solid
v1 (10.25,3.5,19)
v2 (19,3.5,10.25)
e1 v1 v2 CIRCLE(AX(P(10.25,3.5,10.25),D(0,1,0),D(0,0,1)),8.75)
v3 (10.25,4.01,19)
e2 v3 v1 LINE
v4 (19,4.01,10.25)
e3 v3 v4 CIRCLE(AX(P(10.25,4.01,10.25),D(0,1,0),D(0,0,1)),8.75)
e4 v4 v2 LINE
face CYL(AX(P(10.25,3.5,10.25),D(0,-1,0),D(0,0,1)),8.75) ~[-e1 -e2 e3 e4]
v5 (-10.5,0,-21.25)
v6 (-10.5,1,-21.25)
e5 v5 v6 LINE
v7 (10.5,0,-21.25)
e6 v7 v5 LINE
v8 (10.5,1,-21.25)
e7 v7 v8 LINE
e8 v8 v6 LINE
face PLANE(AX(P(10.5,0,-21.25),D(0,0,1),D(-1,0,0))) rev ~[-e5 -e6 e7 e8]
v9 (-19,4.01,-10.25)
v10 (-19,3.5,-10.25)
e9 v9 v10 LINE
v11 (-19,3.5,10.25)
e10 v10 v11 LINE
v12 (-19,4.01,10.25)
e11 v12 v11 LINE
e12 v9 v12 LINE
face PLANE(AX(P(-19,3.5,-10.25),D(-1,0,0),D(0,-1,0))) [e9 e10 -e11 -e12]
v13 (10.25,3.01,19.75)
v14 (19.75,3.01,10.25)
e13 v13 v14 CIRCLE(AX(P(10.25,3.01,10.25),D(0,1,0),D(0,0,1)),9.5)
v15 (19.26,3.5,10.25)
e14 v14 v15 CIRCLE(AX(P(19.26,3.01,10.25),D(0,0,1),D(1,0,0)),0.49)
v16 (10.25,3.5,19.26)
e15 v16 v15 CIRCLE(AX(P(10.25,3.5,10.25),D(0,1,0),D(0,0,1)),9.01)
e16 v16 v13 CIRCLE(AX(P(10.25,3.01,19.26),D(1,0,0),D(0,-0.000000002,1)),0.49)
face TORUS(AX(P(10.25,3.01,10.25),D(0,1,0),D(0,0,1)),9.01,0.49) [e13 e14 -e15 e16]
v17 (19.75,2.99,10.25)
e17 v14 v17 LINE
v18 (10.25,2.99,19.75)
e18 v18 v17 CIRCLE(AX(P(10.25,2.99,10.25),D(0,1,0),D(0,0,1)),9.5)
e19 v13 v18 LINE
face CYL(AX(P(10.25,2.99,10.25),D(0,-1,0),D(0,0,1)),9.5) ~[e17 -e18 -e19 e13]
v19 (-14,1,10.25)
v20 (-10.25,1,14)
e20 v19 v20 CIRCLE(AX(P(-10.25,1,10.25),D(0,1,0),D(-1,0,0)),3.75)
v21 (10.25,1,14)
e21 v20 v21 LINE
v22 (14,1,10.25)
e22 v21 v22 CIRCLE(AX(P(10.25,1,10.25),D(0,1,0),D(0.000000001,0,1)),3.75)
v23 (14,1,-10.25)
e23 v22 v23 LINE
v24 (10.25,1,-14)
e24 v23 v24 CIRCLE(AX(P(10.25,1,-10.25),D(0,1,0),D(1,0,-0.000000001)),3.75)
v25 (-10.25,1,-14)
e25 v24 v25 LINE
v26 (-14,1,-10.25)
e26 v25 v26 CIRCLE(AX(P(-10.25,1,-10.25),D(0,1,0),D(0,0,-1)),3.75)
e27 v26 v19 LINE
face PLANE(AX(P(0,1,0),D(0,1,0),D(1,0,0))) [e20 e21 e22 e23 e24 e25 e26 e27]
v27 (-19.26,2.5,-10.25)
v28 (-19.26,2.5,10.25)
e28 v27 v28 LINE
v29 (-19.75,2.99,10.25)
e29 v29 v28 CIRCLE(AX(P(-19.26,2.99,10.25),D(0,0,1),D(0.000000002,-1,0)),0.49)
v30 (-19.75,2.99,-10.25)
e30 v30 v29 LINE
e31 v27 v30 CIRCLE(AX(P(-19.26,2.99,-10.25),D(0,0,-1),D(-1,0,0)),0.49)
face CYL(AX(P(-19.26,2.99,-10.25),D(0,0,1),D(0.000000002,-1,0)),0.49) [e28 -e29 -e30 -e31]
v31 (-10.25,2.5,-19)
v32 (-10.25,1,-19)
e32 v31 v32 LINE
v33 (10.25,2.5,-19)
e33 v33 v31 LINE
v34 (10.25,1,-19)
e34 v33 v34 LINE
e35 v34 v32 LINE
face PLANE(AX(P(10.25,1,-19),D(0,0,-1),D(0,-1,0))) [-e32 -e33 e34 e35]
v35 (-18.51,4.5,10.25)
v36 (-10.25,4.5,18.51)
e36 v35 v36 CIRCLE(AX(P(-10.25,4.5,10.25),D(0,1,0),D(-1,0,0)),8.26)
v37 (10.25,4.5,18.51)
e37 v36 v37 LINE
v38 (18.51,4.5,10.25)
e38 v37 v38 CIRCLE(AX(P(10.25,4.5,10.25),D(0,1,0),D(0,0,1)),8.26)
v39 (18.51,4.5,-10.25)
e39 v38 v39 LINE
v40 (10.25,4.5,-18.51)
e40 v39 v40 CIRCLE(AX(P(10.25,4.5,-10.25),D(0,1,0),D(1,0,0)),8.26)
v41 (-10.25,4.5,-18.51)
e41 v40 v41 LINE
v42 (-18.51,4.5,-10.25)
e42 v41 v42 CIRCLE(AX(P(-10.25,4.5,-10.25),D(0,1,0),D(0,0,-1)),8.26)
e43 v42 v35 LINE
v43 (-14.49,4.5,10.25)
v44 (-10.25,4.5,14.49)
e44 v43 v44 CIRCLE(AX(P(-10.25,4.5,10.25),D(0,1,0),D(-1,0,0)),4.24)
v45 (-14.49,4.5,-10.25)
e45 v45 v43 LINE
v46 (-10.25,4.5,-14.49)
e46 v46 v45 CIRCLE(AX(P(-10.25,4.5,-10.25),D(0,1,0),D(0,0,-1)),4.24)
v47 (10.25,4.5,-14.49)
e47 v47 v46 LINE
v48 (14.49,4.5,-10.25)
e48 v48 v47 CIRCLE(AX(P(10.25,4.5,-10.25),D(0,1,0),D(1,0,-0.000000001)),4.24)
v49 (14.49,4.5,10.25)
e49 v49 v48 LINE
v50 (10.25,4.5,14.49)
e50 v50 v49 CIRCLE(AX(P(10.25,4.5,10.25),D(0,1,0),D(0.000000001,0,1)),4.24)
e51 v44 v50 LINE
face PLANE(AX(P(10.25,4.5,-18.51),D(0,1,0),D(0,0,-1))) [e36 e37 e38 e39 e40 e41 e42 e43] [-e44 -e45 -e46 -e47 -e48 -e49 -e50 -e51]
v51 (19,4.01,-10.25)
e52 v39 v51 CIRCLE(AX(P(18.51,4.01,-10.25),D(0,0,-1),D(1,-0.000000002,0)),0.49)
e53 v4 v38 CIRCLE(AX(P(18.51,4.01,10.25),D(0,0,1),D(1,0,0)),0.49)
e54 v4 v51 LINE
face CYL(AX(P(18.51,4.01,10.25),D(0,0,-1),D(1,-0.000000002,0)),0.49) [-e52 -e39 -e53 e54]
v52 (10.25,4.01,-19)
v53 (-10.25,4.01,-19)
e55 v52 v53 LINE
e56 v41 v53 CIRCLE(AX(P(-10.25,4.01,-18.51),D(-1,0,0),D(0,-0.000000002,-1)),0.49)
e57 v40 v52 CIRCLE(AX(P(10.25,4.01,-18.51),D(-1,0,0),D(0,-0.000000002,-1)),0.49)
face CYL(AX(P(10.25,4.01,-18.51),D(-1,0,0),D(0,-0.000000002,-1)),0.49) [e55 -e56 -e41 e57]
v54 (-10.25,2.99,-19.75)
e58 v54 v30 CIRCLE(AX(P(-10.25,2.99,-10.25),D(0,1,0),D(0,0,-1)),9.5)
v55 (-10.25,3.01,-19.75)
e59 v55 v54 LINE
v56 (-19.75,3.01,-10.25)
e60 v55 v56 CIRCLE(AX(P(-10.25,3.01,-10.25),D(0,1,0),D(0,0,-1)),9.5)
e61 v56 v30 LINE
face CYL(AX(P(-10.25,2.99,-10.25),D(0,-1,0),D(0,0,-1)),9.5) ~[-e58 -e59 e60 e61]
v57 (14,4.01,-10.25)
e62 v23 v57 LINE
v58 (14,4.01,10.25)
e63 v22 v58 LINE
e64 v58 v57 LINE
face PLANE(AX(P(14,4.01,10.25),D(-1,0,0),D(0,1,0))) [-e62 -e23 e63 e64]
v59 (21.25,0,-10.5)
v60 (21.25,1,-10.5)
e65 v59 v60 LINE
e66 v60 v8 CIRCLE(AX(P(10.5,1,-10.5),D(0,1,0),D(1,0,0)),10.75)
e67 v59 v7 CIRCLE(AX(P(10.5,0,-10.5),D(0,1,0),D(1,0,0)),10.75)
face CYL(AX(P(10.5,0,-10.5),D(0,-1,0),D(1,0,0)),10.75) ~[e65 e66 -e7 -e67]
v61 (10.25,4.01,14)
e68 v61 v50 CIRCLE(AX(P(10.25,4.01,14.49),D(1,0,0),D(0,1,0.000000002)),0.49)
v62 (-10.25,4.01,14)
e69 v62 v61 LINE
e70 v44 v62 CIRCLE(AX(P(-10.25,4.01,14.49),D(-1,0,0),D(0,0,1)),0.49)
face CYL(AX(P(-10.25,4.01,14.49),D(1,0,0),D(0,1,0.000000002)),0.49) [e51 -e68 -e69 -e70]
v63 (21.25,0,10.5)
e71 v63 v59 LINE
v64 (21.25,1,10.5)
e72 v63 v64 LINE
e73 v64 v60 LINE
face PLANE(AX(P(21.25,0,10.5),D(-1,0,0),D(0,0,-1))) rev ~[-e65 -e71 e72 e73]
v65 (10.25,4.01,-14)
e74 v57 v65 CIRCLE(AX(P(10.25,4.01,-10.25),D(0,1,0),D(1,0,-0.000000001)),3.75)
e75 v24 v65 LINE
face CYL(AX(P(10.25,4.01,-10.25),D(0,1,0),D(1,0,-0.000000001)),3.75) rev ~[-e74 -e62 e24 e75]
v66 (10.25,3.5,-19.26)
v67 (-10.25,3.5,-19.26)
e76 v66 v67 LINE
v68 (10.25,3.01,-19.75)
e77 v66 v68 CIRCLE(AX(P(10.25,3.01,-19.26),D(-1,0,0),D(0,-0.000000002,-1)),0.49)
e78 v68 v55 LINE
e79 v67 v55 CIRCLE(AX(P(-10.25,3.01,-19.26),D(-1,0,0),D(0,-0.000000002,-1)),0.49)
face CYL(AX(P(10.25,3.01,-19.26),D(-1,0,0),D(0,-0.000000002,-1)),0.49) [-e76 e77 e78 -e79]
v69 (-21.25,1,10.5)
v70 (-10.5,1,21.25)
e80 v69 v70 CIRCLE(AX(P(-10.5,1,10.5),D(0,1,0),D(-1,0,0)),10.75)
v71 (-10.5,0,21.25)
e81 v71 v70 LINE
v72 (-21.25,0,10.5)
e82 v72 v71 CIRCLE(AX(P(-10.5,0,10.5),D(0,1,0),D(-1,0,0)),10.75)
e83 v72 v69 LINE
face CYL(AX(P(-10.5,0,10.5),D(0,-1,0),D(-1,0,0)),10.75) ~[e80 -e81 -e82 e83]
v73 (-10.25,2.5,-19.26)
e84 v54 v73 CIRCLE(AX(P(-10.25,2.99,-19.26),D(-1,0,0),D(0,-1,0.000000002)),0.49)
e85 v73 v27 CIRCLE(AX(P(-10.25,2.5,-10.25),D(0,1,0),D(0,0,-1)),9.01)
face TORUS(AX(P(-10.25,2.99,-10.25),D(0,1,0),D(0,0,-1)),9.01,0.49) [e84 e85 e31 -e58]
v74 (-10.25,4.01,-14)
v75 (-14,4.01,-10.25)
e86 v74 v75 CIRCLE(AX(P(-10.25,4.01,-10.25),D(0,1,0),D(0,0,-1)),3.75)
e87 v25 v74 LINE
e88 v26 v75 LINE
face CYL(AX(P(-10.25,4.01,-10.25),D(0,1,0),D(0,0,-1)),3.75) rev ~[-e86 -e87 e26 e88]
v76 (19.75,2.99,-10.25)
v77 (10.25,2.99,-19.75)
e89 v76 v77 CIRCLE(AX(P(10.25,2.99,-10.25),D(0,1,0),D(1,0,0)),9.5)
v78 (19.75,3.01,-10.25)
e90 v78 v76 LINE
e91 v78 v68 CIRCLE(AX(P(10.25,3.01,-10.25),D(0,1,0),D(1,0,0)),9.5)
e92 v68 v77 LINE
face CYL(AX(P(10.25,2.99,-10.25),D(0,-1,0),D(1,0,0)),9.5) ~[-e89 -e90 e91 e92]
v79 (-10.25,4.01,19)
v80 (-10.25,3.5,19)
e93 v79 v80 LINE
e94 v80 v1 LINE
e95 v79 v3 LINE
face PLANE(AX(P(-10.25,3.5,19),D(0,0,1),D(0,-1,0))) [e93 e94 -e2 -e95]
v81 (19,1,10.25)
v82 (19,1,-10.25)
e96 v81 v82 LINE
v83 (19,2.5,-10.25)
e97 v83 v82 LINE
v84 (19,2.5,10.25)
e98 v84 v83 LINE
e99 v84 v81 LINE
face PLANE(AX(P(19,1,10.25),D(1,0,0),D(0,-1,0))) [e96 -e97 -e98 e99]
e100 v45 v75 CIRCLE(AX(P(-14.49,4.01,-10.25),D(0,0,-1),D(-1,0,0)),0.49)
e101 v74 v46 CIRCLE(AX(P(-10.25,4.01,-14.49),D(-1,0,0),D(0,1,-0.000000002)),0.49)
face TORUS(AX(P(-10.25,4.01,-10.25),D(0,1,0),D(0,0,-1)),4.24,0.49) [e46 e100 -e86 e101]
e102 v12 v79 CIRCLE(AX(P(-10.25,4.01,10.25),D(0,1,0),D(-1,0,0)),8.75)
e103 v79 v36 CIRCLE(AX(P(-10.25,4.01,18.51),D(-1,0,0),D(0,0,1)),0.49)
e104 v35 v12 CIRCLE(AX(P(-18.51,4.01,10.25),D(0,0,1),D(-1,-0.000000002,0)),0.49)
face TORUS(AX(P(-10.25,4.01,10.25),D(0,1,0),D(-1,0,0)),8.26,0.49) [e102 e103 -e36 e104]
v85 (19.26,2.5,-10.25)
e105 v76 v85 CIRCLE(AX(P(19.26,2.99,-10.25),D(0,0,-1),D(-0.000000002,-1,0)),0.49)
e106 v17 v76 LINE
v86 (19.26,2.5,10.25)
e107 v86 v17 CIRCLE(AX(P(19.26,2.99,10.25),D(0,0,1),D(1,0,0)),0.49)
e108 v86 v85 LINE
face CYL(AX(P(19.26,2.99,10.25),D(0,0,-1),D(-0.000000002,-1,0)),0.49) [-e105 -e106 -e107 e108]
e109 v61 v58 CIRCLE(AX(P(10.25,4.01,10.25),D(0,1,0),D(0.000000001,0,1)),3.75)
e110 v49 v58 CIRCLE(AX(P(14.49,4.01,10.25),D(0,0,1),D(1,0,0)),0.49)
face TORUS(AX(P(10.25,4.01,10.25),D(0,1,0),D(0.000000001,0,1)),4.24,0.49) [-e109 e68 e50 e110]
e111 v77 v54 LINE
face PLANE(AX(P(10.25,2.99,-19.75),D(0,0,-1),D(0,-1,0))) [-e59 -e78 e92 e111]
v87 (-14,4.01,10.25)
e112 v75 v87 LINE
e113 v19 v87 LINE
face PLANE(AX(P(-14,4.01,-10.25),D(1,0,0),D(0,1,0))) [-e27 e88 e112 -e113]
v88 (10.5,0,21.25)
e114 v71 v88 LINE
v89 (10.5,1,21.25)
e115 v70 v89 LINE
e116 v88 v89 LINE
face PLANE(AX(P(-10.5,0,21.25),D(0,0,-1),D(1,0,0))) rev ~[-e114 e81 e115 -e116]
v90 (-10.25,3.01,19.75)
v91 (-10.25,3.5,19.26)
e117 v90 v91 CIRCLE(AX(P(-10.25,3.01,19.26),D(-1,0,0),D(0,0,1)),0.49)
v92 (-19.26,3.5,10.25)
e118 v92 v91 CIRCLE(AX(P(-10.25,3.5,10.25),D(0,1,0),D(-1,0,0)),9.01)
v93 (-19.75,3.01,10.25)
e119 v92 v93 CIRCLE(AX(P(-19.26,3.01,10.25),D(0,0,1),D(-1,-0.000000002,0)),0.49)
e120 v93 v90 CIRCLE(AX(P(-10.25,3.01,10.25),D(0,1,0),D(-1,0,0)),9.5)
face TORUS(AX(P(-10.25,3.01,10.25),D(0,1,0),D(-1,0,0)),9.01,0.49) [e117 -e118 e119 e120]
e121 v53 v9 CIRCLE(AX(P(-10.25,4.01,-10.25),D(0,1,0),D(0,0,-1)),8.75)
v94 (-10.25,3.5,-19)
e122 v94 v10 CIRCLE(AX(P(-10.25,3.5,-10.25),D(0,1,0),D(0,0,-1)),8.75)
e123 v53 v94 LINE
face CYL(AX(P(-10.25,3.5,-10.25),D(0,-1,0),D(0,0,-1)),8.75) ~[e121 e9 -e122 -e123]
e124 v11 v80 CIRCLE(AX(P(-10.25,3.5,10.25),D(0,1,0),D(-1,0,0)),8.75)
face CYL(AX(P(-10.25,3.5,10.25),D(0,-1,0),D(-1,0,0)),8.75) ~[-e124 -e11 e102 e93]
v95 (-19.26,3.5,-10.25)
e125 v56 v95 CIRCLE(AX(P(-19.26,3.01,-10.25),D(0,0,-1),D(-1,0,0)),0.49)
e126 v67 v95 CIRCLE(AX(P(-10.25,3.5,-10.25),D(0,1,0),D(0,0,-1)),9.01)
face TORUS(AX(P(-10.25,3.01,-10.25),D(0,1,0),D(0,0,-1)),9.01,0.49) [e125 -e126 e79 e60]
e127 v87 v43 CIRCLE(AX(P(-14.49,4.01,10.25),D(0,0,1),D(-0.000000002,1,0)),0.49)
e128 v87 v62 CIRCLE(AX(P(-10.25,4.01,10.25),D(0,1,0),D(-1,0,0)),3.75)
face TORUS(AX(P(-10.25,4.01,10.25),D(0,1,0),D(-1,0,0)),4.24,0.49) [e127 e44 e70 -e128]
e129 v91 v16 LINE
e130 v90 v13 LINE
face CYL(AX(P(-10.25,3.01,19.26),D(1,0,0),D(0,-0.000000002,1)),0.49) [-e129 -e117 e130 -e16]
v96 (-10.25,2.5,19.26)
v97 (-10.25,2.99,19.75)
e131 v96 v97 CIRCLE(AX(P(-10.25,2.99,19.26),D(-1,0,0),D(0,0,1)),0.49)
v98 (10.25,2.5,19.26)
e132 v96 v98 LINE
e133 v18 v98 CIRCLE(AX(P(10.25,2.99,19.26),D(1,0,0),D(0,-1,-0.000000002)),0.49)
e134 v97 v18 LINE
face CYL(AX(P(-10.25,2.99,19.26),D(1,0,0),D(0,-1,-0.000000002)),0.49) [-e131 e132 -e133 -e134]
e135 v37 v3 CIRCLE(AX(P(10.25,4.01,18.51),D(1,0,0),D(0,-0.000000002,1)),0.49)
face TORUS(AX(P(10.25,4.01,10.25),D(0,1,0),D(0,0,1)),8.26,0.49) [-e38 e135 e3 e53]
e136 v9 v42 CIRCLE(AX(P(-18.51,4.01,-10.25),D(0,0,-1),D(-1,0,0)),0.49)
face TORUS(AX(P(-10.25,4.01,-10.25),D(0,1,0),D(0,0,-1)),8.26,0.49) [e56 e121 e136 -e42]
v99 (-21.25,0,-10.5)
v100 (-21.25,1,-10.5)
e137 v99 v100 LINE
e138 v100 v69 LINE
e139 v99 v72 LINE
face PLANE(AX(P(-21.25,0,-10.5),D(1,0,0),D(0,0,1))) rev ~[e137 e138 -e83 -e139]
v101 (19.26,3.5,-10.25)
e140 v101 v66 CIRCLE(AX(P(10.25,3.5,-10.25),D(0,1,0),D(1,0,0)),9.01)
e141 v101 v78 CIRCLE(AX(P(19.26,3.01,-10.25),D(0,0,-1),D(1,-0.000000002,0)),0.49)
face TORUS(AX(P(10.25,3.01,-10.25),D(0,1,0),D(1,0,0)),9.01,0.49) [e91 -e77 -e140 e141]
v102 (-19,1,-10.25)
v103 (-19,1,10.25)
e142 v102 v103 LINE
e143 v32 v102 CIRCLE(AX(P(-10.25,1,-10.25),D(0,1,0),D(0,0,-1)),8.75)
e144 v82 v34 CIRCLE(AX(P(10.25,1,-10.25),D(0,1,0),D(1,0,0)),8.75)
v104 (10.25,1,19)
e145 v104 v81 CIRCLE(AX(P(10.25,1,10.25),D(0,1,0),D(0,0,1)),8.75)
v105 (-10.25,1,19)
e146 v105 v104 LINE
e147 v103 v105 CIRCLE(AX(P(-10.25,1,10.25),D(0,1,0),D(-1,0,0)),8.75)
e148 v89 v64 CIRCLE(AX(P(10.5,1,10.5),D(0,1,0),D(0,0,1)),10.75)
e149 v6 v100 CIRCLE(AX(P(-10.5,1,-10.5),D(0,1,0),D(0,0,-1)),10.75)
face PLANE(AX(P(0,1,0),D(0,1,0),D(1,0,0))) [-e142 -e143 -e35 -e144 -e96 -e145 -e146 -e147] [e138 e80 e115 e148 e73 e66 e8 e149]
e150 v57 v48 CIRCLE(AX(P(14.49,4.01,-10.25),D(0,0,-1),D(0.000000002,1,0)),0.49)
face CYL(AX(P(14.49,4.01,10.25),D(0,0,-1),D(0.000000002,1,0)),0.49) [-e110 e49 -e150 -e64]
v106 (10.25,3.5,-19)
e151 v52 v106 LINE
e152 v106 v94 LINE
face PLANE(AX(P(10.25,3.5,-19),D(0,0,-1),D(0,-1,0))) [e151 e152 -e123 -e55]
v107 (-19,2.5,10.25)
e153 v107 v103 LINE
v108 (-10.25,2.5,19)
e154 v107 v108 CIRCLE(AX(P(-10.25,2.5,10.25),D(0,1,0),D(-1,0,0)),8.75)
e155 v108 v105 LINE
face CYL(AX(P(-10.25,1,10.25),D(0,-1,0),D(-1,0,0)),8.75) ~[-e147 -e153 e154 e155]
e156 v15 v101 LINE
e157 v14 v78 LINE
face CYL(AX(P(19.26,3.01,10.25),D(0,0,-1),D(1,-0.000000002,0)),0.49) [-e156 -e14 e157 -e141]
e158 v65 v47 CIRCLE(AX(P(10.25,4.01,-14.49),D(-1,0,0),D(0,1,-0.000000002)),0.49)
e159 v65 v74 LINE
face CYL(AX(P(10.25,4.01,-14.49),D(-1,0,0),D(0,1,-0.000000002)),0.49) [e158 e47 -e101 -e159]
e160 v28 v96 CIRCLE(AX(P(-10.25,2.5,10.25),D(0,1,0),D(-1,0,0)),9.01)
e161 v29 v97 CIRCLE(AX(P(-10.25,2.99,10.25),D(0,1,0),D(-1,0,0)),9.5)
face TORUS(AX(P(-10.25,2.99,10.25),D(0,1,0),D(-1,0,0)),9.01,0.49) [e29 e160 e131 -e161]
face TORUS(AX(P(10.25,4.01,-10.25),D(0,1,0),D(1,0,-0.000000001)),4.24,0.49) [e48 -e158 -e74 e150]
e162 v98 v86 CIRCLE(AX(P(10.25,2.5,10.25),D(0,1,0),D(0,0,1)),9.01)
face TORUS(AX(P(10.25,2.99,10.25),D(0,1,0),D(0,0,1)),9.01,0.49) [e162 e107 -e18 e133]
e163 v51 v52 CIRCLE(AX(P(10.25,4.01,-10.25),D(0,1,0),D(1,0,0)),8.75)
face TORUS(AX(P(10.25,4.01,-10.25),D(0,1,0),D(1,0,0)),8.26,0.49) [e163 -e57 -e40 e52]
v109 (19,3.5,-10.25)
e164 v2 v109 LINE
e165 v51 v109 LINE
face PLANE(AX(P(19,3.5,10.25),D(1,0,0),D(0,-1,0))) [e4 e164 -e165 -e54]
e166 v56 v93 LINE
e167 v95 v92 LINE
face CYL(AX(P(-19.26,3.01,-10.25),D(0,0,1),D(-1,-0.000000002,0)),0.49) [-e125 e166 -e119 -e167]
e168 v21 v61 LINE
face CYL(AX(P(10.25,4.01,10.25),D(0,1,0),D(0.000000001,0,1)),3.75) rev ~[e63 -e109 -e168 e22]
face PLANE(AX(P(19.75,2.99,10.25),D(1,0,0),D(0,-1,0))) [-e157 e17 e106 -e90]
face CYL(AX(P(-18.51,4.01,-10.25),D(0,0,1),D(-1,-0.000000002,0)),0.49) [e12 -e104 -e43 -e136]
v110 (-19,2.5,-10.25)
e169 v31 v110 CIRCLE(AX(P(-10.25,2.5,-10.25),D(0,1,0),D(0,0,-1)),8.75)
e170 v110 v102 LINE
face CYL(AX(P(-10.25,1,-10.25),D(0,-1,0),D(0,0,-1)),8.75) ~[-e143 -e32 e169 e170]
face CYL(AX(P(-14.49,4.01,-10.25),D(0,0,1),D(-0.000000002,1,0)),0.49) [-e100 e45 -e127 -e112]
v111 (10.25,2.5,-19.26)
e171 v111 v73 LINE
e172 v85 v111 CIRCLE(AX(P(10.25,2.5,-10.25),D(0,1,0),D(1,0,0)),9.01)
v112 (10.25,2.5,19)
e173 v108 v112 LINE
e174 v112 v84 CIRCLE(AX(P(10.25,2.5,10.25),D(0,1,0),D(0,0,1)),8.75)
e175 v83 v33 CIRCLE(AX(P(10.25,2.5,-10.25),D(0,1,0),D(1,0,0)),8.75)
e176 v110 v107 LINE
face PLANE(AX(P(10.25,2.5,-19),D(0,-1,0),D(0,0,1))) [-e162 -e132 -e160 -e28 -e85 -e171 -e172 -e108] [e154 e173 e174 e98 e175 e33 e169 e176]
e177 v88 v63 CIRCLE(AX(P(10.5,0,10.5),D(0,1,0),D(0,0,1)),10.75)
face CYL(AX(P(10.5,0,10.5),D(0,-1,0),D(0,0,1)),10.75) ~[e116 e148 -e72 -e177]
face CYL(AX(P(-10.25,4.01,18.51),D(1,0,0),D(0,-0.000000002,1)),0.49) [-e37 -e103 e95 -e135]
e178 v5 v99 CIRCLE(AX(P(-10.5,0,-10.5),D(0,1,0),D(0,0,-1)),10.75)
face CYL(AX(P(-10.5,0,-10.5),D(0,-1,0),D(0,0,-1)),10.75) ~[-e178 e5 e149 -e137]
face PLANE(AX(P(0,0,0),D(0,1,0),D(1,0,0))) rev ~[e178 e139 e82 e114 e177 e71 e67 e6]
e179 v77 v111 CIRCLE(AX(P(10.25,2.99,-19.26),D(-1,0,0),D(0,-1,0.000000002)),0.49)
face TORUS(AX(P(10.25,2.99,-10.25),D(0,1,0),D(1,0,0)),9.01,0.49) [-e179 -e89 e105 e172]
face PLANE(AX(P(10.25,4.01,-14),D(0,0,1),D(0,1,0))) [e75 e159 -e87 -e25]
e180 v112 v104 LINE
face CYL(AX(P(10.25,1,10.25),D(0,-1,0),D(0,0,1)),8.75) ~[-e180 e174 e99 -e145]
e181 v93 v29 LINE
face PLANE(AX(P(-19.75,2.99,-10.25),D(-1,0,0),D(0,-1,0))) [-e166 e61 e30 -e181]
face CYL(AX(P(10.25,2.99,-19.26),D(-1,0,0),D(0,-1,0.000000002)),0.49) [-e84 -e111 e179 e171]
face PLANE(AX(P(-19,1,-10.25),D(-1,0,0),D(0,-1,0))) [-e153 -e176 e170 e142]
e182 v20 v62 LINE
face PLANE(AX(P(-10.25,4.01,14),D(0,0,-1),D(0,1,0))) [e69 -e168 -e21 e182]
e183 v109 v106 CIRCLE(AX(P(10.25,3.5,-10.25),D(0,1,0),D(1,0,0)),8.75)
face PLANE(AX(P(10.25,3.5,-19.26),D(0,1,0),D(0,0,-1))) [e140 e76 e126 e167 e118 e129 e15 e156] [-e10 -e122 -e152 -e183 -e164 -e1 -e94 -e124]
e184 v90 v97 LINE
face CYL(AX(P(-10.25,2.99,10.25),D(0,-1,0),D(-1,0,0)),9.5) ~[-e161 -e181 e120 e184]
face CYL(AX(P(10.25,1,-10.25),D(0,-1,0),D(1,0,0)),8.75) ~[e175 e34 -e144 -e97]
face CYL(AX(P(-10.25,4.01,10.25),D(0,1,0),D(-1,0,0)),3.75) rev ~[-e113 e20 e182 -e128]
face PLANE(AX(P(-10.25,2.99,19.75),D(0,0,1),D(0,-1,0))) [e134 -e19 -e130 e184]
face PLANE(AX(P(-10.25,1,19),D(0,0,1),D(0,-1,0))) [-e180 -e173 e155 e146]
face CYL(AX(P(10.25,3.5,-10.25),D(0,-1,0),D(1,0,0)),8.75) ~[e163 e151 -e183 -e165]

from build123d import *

# Parameters (mm, degrees)
BOSS_EXTRUDE1_DEPTH = 1


with BuildPart() as part:
    # Sketch2 → Boss-Extrude1 (new body)
    with BuildSketch(Plane(origin=(0, 0, 0), x_dir=(1, 0, 0), z_dir=(0, 1, 0))):
        with BuildLine():
            Line((-10.5, -21.25), (10.5, -21.25))
            ThreePointArc((10.5, -21.25), (18.101397898, -18.101397898), (21.25, -10.5))
            Line((21.25, -10.5), (21.25, 10.5))
            ThreePointArc((21.25, 10.5), (18.101397898, 18.101397898), (10.5, 21.25))
            Line((10.5, 21.25), (-10.5, 21.25))
            ThreePointArc((-10.5, 21.25), (-18.101397898, 18.101397898), (-21.25, 10.5))
            Line((-21.25, 10.5), (-21.25, -10.5))
            ThreePointArc((-21.25, -10.5), (-18.101397898, -18.101397898), (-10.5, -21.25))
        make_face()
    extrude(amount=BOSS_EXTRUDE1_DEPTH)

    # Sweep3: sweep along a path in Sketch3
    with BuildLine(Plane(origin=(0, 1, 0), x_dir=(1, 0, 0), z_dir=(0, 1, 0))) as sweep3_path:
        Line((10.25, 19), (-10.25, 19))
        ThreePointArc((-10.25, 19), (-16.437184335, 16.437184335), (-19, 10.25))
        Line((-19, 10.25), (-19, -10.25))
        ThreePointArc((-19, -10.25), (-16.437184335, -16.437184335), (-10.25, -19))
        Line((-10.25, -19), (10.25, -19))
        ThreePointArc((10.25, -19), (16.437184335, -16.437184335), (19, -10.25))
        Line((19, -10.25), (19, 10.25))
        ThreePointArc((19, 10.25), (16.437184335, 16.437184335), (10.25, 19))
    # Sketch11 → Sweep3 (sweep)
    with BuildSketch(Plane.XY):
        with BuildLine():
            Line((-14, 1), (-19, 1))
            Line((-19, 1), (-19, 2.5))
            Line((-19, 2.5), (-19.26, 2.5))
            ThreePointArc((-19.26, 2.5), (-19.606482323, 2.643517677), (-19.75, 2.99))
            Line((-19.75, 2.99), (-19.75, 3.01))
            ThreePointArc((-19.75, 3.01), (-19.606482323, 3.356482323), (-19.26, 3.5))
            Line((-19.26, 3.5), (-19, 3.5))
            Line((-19, 3.5), (-19, 4.01))
            ThreePointArc((-19, 4.01), (-18.856482323, 4.356482323), (-18.51, 4.5))
            Line((-18.51, 4.5), (-14.49, 4.5))
            ThreePointArc((-14.49, 4.5), (-14.143517677, 4.356482323), (-14, 4.01))
            Line((-14, 4.01), (-14, 1))
        make_face()
    sweep(path=sweep3_path.line)


solid = part.part
